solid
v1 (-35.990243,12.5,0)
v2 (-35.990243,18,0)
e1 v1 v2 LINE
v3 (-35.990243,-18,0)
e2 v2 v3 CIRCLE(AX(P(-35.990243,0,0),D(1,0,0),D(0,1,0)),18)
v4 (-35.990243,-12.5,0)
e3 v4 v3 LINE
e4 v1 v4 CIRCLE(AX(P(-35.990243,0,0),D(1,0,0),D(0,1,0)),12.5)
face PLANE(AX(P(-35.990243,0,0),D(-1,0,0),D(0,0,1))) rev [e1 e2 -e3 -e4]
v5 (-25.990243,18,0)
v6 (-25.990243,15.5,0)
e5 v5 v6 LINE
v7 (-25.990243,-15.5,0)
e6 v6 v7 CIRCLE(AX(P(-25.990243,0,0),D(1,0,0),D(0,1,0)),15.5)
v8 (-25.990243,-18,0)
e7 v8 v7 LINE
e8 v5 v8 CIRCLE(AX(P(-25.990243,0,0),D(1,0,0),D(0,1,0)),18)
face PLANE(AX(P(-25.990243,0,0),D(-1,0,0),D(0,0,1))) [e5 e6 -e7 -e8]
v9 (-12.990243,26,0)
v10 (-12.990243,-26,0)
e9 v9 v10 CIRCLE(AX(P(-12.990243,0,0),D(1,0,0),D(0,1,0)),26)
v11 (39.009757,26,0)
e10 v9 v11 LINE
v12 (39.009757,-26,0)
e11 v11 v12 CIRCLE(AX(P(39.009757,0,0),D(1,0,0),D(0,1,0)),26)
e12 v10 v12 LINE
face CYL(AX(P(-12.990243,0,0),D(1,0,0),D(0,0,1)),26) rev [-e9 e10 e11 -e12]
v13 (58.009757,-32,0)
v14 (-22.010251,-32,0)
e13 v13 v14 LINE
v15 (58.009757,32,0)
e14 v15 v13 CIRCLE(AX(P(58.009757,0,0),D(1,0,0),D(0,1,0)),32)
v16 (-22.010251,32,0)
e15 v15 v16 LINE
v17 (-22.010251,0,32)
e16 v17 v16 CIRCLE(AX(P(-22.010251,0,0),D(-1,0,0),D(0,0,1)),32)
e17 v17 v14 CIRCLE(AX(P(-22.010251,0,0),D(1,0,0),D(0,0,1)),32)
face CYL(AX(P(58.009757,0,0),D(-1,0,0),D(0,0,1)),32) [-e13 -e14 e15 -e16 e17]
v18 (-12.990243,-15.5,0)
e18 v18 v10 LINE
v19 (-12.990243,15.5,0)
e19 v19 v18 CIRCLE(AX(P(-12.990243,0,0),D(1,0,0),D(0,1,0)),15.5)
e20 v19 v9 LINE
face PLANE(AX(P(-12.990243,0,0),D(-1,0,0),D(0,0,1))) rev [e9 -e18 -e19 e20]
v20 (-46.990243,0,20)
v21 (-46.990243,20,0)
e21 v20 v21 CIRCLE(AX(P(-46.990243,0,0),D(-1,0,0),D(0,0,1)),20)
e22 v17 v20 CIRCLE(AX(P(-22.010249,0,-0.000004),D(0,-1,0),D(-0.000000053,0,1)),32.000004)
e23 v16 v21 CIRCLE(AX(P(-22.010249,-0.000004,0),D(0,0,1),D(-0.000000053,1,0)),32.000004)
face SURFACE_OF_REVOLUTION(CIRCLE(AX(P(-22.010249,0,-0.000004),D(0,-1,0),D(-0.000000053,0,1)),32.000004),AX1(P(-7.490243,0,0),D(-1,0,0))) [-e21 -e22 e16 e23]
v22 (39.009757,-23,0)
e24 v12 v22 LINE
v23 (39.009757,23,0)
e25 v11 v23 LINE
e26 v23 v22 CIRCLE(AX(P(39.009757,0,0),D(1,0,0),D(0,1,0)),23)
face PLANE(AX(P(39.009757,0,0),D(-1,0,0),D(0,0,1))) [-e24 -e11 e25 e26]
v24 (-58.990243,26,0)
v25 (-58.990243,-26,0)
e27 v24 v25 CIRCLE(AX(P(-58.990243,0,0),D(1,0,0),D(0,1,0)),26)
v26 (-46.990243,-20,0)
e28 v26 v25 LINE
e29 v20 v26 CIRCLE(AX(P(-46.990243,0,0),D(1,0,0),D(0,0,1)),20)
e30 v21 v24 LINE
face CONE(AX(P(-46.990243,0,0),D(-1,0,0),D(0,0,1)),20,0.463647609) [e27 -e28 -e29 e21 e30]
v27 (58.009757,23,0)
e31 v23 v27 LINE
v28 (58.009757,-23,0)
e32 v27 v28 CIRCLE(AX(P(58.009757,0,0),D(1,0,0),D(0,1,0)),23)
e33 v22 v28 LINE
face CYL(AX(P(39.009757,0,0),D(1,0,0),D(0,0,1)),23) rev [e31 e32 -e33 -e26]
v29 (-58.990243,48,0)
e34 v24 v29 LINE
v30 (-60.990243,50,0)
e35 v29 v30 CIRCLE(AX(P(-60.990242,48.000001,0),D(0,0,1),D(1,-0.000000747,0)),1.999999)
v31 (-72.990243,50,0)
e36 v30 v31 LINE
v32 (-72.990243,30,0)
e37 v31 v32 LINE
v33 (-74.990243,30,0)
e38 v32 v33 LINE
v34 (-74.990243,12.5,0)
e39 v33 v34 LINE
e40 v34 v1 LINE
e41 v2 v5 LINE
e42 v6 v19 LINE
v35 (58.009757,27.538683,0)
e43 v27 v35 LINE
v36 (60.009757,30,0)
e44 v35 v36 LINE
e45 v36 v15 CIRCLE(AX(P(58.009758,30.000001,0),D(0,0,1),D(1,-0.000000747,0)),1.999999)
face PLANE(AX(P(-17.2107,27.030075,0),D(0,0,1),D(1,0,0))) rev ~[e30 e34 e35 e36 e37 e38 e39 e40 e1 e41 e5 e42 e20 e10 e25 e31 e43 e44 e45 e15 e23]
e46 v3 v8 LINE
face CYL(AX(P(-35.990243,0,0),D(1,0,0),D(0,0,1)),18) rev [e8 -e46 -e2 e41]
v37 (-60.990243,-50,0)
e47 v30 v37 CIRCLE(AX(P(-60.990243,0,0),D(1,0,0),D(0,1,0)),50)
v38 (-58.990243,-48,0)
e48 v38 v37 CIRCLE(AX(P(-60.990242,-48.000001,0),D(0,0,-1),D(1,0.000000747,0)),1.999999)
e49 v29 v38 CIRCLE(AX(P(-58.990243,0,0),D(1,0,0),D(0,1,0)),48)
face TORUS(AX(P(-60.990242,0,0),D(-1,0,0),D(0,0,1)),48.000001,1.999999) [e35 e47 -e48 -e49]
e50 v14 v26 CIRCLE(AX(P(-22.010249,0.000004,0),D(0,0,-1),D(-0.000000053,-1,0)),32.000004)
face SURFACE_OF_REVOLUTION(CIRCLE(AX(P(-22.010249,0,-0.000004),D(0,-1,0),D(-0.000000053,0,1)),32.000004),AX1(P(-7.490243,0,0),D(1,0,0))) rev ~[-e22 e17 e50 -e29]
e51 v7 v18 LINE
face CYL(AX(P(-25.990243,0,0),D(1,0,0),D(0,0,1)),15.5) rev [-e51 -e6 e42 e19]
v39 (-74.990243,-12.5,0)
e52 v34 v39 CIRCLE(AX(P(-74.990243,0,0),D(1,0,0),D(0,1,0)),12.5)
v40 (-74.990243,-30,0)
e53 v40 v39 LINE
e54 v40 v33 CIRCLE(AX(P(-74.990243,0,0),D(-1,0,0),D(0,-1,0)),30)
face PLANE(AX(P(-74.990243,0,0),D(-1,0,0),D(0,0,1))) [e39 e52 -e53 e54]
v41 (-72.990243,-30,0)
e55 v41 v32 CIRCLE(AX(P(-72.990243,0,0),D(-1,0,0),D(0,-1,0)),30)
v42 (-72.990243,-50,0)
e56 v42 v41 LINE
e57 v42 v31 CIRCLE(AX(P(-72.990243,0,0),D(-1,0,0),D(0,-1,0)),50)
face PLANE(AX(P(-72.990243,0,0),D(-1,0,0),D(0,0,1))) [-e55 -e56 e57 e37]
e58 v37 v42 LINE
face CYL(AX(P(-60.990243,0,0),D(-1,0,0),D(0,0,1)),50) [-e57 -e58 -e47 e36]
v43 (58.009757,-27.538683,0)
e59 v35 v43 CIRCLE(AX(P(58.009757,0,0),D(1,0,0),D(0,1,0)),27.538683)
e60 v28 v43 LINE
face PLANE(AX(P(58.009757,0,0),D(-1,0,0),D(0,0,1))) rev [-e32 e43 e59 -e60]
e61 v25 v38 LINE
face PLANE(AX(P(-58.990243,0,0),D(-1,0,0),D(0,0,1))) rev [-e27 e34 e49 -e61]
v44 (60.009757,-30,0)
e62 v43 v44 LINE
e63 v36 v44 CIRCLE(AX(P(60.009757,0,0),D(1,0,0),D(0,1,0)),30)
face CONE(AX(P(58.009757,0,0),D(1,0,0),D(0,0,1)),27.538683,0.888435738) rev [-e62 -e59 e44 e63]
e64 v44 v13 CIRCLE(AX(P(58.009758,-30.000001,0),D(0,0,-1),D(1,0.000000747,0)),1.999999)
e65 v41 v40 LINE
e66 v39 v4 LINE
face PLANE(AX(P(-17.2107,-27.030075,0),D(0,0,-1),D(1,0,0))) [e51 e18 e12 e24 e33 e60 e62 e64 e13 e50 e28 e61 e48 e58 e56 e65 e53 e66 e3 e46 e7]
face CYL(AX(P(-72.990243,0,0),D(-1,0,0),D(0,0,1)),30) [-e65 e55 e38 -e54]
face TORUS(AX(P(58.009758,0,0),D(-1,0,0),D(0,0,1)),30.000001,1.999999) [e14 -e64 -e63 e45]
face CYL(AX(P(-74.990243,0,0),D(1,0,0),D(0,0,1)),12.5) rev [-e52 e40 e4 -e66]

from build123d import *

# Parameters (mm, degrees)
F1_ANGLE = 180


with BuildPart() as f1:
    # F0 (on Front) → F1 (revolve, symmetric)
    with BuildSketch(Plane.XZ) as f1_sk:
        with BuildLine():
            Line((-74.990243, 30), (-74.990243, 12.5))
            Line((-74.990243, 12.5), (-35.990243, 12.5))
            Line((-35.990243, 12.5), (-35.990243, 18))
            Line((-35.990243, 18), (-25.990243, 18))
            Line((-25.990243, 18), (-25.990243, 15.5))
            Line((-25.990243, 15.5), (-12.990243, 15.5))
            Line((-12.990243, 15.5), (-12.990243, 26))
            Line((-12.990243, 26), (39.009757, 26))
            Line((39.009757, 26), (39.009757, 23))
            Line((39.009757, 23), (58.009757, 23))
            Line((58.009757, 23), (58.009757, 27.538683))
            Line((58.009757, 27.538683), (60.009757, 30))
            ThreePointArc((60.009757, 30), (59.423971, 31.414214), (58.009757, 32))
            Line((58.009757, 32), (-22.010251, 32))
            ThreePointArc((-22.010251, 32), (-35.866657, 28.84441), (-46.990243, 20))
            Line((-46.990243, 20), (-58.990243, 26))
            Line((-58.990243, 26), (-58.990243, 48))
            ThreePointArc((-58.990243, 48), (-59.576029, 49.414214), (-60.990243, 50))
            Line((-60.990243, 50), (-72.990243, 50))
            Line((-72.990243, 50), (-72.990243, 30))
            Line((-72.990243, 30), (-74.990243, 30))
        make_face()
    revolve(axis=Axis((-7.490243, 0, 0), (1, 0, 0)), revolution_arc=F1_ANGLE / 2)
    revolve(f1_sk.sketch, axis=Axis((-7.490243, 0, 0), (-1, 0, 0)), revolution_arc=F1_ANGLE / 2)


solid = f1.part
